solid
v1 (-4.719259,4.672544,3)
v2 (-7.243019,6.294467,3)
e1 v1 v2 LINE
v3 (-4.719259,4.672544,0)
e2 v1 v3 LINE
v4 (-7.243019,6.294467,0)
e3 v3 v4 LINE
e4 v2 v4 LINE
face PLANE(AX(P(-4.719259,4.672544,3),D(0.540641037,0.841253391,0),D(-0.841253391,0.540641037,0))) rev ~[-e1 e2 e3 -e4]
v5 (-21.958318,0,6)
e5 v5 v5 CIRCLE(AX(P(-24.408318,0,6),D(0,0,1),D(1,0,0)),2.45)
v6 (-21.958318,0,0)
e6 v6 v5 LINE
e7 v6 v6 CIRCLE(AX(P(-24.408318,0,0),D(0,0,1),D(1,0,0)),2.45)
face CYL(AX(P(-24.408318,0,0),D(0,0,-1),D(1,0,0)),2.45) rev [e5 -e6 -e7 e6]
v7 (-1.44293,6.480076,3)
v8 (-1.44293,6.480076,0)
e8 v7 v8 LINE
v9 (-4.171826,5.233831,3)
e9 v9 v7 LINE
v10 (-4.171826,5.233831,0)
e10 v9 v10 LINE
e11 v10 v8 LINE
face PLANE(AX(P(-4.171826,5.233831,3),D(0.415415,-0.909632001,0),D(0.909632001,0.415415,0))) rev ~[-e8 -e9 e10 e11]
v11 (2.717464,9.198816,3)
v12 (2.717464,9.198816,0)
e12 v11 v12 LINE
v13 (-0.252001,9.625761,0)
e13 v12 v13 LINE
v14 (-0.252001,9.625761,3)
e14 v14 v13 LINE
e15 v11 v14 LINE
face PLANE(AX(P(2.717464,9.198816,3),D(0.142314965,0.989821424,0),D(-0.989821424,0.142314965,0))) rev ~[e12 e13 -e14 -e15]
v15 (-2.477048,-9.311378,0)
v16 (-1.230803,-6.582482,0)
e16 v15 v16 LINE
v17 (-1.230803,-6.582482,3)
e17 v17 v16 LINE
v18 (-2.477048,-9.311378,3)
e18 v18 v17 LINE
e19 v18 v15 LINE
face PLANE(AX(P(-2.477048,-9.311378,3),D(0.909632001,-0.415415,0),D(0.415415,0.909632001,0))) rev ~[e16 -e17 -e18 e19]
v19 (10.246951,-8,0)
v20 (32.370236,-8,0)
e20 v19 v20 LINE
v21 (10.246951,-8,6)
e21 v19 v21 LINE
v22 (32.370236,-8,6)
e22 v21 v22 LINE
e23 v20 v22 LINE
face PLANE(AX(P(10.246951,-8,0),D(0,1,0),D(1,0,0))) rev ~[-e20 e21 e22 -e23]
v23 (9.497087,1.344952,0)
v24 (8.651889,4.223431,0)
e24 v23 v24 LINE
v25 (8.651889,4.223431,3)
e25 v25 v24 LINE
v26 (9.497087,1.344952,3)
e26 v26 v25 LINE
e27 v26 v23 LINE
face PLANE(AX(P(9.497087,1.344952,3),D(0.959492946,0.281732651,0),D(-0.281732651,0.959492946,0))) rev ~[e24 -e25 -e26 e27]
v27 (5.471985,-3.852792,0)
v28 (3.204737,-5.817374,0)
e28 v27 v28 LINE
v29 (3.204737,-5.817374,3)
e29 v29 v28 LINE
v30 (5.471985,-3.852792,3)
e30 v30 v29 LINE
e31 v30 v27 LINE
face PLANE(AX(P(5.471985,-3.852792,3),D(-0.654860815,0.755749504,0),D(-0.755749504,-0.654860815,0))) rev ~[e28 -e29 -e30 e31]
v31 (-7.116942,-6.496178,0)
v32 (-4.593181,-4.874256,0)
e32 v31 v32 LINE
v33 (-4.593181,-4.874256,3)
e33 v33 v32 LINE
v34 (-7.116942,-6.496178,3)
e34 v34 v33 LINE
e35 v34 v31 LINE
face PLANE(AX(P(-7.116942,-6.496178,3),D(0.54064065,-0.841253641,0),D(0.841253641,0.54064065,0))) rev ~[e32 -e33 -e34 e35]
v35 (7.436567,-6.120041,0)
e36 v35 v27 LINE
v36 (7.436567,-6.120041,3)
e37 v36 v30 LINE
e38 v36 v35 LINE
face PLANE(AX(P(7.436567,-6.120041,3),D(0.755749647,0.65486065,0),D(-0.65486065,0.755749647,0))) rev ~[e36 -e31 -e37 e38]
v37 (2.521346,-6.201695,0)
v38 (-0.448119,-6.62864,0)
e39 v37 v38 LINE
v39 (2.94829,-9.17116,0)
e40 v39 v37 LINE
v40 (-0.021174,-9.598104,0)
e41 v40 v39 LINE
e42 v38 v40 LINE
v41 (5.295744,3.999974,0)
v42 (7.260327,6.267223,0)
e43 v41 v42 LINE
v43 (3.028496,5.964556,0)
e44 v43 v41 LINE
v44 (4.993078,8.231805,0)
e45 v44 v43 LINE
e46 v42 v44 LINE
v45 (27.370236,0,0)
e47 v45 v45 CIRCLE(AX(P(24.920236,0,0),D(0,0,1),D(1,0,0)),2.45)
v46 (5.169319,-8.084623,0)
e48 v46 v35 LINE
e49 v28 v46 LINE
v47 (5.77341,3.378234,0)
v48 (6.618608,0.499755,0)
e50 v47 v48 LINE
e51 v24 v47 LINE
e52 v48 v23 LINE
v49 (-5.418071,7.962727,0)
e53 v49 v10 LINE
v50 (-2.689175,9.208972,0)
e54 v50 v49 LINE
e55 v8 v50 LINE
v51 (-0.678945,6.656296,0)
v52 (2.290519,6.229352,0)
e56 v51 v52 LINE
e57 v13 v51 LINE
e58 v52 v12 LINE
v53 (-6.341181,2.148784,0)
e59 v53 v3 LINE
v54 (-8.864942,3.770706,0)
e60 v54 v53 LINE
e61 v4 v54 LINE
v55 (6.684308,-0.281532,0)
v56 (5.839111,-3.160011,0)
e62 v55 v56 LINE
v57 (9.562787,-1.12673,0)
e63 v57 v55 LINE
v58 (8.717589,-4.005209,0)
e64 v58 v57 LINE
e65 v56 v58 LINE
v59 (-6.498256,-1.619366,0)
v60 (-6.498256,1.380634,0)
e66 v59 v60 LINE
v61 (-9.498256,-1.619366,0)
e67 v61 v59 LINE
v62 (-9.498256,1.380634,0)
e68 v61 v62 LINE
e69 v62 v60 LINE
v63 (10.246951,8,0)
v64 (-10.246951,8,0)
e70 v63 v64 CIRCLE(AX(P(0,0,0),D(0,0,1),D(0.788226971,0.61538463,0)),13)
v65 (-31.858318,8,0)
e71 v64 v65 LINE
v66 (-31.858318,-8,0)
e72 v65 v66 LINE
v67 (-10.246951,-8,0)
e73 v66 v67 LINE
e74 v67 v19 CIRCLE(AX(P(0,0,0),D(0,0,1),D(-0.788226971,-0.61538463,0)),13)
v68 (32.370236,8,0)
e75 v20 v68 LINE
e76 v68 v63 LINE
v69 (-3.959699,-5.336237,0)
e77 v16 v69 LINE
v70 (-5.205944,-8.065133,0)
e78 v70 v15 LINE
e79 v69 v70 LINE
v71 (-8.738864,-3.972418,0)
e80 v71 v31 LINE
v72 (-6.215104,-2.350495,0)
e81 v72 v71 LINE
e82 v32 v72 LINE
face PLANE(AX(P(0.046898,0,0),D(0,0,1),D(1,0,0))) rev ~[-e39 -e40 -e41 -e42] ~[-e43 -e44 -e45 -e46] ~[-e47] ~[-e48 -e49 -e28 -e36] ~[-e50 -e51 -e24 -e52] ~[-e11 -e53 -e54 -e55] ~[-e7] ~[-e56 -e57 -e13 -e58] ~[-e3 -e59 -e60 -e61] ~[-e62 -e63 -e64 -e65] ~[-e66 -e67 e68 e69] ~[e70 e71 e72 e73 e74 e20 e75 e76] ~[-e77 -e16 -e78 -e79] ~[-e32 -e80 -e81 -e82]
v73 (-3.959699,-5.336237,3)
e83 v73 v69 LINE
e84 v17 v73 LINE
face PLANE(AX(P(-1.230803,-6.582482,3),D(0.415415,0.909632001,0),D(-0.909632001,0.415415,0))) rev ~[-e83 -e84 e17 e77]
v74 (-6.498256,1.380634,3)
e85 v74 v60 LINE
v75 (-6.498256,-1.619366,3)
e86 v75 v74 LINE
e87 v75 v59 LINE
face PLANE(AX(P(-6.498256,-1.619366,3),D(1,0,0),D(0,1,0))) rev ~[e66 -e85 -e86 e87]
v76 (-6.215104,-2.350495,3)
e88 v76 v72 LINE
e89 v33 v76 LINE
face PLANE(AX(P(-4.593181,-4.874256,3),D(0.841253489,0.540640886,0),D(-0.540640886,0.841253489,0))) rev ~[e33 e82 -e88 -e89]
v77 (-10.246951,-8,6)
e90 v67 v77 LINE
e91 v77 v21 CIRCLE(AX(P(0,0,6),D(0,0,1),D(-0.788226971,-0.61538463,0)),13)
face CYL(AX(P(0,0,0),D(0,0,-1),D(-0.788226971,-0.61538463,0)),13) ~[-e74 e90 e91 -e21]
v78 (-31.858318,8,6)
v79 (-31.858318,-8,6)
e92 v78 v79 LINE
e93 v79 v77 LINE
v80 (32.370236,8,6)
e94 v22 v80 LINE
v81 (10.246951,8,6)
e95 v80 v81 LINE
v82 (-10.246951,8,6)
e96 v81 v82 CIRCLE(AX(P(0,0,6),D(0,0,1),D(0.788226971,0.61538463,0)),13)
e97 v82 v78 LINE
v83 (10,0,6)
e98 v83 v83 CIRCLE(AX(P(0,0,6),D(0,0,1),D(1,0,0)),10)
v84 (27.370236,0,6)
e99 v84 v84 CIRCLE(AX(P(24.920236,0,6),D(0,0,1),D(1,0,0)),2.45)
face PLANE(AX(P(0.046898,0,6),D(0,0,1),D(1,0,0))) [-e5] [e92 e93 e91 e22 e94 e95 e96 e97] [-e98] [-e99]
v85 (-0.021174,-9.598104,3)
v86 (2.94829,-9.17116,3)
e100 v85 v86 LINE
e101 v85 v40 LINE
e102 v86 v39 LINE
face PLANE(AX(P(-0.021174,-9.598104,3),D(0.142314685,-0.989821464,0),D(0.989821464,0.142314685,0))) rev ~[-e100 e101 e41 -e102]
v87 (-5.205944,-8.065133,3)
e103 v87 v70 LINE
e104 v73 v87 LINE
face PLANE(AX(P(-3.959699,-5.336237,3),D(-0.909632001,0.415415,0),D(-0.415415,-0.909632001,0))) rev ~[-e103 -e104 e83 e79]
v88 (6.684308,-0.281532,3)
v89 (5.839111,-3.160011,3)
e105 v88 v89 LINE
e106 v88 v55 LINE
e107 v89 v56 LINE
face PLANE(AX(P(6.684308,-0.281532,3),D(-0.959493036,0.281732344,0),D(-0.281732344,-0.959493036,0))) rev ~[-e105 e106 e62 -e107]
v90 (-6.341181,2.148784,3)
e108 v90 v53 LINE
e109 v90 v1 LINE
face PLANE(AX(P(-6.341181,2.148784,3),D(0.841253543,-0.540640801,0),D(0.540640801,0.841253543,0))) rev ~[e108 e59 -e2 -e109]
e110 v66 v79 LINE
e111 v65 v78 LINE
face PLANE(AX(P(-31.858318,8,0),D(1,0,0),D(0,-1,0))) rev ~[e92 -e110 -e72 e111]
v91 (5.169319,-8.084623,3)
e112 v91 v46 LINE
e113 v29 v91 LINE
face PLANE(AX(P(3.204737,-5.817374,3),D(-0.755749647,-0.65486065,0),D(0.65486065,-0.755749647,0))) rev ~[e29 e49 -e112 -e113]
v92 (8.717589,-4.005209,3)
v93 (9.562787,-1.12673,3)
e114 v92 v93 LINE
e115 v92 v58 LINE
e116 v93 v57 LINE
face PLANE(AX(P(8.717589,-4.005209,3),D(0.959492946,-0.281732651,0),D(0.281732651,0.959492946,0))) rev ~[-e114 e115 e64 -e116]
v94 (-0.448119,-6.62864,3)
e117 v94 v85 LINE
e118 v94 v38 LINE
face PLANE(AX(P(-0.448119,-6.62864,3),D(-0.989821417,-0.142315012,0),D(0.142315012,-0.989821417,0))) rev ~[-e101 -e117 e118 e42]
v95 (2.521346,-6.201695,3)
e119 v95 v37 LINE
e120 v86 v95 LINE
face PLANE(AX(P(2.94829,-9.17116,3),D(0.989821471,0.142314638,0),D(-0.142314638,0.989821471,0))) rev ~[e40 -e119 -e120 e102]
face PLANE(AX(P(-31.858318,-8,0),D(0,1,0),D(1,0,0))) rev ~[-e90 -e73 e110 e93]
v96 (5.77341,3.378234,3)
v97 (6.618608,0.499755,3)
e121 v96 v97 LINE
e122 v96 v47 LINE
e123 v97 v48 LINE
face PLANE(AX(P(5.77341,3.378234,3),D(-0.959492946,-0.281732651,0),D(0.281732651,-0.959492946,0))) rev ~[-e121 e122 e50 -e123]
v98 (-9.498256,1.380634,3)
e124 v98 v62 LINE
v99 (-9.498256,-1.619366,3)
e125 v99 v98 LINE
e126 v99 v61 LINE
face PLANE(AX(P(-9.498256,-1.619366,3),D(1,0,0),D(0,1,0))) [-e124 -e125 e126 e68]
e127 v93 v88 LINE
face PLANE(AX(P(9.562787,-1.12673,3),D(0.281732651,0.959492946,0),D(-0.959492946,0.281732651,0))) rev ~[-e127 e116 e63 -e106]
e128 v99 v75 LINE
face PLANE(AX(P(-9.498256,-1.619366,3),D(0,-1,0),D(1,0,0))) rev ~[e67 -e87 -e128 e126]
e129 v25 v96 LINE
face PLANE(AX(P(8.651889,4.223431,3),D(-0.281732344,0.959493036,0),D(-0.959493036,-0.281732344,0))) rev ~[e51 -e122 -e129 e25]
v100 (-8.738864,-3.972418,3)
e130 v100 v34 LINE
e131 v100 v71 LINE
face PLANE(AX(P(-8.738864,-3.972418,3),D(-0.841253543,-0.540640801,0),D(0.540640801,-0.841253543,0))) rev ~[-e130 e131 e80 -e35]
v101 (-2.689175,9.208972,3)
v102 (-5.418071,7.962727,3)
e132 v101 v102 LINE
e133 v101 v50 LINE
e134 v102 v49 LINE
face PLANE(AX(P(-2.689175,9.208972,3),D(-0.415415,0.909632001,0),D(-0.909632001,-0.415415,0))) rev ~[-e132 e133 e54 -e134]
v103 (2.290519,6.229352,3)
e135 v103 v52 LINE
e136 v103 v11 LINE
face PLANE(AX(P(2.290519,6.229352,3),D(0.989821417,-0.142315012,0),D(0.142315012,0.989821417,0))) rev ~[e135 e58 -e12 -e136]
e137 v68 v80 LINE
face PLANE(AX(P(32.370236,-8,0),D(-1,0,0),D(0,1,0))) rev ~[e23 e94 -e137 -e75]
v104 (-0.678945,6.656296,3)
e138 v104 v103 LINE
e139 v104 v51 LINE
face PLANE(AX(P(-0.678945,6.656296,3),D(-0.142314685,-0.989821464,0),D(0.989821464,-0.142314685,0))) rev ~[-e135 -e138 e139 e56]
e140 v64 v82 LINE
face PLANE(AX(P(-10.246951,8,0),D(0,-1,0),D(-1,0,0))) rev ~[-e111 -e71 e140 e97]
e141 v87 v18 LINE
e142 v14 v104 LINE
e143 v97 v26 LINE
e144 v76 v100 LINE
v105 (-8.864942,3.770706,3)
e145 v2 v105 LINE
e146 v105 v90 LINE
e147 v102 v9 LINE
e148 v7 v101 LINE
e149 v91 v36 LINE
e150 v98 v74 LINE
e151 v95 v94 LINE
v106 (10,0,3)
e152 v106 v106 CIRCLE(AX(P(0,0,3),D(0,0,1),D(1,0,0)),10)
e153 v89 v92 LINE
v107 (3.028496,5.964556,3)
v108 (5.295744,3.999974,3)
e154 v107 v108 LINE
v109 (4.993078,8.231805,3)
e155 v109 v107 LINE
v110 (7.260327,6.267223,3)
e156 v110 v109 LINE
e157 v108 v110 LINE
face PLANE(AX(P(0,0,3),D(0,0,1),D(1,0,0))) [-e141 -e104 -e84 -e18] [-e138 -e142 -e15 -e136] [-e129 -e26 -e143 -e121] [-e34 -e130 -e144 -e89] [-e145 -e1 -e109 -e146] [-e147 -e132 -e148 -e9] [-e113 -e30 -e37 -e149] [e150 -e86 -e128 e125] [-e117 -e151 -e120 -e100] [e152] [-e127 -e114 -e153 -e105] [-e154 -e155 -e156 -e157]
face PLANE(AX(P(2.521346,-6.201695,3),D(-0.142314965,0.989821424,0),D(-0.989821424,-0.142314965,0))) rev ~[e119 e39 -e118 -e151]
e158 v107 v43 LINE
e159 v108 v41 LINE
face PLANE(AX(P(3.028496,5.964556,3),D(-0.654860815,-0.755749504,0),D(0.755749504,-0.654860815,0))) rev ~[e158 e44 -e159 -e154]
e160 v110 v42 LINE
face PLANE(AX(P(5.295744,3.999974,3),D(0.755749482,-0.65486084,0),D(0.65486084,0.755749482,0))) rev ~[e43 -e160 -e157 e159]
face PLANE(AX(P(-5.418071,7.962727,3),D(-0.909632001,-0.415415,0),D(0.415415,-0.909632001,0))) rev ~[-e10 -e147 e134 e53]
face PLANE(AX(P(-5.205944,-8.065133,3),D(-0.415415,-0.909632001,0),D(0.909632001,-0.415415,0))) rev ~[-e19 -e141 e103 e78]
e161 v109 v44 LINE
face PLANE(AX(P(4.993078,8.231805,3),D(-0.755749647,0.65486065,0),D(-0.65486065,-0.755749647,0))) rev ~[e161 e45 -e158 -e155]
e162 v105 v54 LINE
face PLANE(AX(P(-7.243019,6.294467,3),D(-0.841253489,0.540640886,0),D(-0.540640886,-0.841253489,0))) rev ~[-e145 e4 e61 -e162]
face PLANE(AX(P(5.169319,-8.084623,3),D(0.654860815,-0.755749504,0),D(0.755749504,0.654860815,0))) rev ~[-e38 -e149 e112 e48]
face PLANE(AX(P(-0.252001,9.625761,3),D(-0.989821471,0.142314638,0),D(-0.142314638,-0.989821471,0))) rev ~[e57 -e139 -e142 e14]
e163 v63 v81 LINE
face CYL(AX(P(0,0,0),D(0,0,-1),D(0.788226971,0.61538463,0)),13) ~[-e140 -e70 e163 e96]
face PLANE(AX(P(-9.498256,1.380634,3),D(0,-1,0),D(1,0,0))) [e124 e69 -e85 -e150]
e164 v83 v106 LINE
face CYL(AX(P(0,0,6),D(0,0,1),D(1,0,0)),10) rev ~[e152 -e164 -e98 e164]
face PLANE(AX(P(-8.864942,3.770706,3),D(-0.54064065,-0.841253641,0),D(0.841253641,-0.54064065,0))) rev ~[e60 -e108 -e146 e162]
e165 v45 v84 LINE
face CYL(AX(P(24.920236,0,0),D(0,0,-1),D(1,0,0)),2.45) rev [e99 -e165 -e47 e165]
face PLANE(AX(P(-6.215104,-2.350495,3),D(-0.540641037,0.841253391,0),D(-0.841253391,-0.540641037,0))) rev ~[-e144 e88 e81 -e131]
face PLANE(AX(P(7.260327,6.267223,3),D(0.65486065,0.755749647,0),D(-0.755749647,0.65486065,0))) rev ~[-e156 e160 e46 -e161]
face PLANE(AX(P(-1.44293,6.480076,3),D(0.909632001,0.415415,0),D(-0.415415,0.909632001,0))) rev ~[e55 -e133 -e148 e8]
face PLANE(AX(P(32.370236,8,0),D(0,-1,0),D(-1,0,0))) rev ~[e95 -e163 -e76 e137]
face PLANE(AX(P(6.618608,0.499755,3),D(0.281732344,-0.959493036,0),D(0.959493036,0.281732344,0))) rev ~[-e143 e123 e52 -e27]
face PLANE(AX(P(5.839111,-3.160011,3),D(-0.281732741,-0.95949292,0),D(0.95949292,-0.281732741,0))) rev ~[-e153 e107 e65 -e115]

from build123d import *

# Parameters (mm, degrees)
F0_R     = 2.45
F1_DEPTH = 6
F2_R     = 10
F3_DEPTH = 3
F4_W     = 3
F4_H     = 3
F5_DEPTH = 3.001


with BuildPart() as f1:
    # F0 (on Top) → F1 (new body)
    with BuildSketch(Plane.XY):
        with BuildLine():
            ThreePointArc((10.246951, -8), (12.292485, -4.230227), (13, 0))
            ThreePointArc((13, 0), (12.292485, 4.230227), (10.246951, 8))
            ThreePointArc((10.246951, 8), (0, 13), (-10.246951, 8))
            ThreePointArc((-10.246951, 8), (-13, 0), (-10.246951, -8))
            ThreePointArc((-10.246951, -8), (0, -13), (10.246951, -8))
        make_face()
        with BuildLine():
            ThreePointArc((10.246951, 8), (12.292485, 4.230227), (13, 0))
            ThreePointArc((13, 0), (12.292485, -4.230227), (10.246951, -8))
            Line((10.246951, -8), (32.370236, -8))
            Line((32.370236, -8), (32.370236, 8))
            Line((32.370236, 8), (10.246951, 8))
        make_face()
        with Locations((24.920236, 0)):
            Circle(F0_R, mode=Mode.SUBTRACT)
        with BuildLine():
            ThreePointArc((-10.246951, -8), (-13, 0), (-10.246951, 8))
            Line((-10.246951, 8), (-31.858318, 8))
            Line((-31.858318, 8), (-31.858318, -8))
            Line((-31.858318, -8), (-10.246951, -8))
        make_face()
        with Locations((-24.408318, 0)):
            Circle(F0_R, mode=Mode.SUBTRACT)
    extrude(amount=F1_DEPTH)

    # F2 (on face) → F3 (cut)
    with BuildSketch(Plane.XY.offset(6)):
        Circle(F2_R)
    extrude(amount=-F3_DEPTH, mode=Mode.SUBTRACT)

    # F4 (on face) → F5 (cut, through all)
    with BuildSketch(Plane.XY.offset(3)):
        with Locations((-7.998256, -0.119366)):
            Rectangle(F4_W, F4_H)
        Polygon((-4.593181, -4.874256), (-6.215104, -2.350495), (-8.738864, -3.972418), (-7.116942, -6.496178), align=None)
        Polygon((-1.230803, -6.582482), (-3.959699, -5.336237), (-5.205944, -8.065133), (-2.477048, -9.311378), align=None)
        Polygon((2.521346, -6.201695), (-0.448119, -6.62864), (-0.021174, -9.598104), (2.94829, -9.17116), align=None)
        Polygon((5.471985, -3.852792), (3.204737, -5.817374), (5.169319, -8.084623), (7.436567, -6.120041), align=None)
        Polygon((6.684308, -0.281532), (5.839111, -3.160011), (8.717589, -4.005209), (9.562787, -1.12673), align=None)
        Polygon((5.77341, 3.378234), (6.618608, 0.499755), (9.497087, 1.344952), (8.651889, 4.223431), align=None)
        Polygon((3.028496, 5.964556), (5.295744, 3.999974), (7.260327, 6.267223), (4.993078, 8.231805), align=None)
        Polygon((-0.678945, 6.656296), (2.290519, 6.229352), (2.717464, 9.198816), (-0.252001, 9.625761), align=None)
        Polygon((-4.171826, 5.233831), (-1.44293, 6.480076), (-2.689175, 9.208972), (-5.418071, 7.962727), align=None)
        Polygon((-6.341181, 2.148784), (-4.719259, 4.672544), (-7.243019, 6.294467), (-8.864942, 3.770706), align=None)
    extrude(amount=-F5_DEPTH, mode=Mode.SUBTRACT)


solid = f1.part
